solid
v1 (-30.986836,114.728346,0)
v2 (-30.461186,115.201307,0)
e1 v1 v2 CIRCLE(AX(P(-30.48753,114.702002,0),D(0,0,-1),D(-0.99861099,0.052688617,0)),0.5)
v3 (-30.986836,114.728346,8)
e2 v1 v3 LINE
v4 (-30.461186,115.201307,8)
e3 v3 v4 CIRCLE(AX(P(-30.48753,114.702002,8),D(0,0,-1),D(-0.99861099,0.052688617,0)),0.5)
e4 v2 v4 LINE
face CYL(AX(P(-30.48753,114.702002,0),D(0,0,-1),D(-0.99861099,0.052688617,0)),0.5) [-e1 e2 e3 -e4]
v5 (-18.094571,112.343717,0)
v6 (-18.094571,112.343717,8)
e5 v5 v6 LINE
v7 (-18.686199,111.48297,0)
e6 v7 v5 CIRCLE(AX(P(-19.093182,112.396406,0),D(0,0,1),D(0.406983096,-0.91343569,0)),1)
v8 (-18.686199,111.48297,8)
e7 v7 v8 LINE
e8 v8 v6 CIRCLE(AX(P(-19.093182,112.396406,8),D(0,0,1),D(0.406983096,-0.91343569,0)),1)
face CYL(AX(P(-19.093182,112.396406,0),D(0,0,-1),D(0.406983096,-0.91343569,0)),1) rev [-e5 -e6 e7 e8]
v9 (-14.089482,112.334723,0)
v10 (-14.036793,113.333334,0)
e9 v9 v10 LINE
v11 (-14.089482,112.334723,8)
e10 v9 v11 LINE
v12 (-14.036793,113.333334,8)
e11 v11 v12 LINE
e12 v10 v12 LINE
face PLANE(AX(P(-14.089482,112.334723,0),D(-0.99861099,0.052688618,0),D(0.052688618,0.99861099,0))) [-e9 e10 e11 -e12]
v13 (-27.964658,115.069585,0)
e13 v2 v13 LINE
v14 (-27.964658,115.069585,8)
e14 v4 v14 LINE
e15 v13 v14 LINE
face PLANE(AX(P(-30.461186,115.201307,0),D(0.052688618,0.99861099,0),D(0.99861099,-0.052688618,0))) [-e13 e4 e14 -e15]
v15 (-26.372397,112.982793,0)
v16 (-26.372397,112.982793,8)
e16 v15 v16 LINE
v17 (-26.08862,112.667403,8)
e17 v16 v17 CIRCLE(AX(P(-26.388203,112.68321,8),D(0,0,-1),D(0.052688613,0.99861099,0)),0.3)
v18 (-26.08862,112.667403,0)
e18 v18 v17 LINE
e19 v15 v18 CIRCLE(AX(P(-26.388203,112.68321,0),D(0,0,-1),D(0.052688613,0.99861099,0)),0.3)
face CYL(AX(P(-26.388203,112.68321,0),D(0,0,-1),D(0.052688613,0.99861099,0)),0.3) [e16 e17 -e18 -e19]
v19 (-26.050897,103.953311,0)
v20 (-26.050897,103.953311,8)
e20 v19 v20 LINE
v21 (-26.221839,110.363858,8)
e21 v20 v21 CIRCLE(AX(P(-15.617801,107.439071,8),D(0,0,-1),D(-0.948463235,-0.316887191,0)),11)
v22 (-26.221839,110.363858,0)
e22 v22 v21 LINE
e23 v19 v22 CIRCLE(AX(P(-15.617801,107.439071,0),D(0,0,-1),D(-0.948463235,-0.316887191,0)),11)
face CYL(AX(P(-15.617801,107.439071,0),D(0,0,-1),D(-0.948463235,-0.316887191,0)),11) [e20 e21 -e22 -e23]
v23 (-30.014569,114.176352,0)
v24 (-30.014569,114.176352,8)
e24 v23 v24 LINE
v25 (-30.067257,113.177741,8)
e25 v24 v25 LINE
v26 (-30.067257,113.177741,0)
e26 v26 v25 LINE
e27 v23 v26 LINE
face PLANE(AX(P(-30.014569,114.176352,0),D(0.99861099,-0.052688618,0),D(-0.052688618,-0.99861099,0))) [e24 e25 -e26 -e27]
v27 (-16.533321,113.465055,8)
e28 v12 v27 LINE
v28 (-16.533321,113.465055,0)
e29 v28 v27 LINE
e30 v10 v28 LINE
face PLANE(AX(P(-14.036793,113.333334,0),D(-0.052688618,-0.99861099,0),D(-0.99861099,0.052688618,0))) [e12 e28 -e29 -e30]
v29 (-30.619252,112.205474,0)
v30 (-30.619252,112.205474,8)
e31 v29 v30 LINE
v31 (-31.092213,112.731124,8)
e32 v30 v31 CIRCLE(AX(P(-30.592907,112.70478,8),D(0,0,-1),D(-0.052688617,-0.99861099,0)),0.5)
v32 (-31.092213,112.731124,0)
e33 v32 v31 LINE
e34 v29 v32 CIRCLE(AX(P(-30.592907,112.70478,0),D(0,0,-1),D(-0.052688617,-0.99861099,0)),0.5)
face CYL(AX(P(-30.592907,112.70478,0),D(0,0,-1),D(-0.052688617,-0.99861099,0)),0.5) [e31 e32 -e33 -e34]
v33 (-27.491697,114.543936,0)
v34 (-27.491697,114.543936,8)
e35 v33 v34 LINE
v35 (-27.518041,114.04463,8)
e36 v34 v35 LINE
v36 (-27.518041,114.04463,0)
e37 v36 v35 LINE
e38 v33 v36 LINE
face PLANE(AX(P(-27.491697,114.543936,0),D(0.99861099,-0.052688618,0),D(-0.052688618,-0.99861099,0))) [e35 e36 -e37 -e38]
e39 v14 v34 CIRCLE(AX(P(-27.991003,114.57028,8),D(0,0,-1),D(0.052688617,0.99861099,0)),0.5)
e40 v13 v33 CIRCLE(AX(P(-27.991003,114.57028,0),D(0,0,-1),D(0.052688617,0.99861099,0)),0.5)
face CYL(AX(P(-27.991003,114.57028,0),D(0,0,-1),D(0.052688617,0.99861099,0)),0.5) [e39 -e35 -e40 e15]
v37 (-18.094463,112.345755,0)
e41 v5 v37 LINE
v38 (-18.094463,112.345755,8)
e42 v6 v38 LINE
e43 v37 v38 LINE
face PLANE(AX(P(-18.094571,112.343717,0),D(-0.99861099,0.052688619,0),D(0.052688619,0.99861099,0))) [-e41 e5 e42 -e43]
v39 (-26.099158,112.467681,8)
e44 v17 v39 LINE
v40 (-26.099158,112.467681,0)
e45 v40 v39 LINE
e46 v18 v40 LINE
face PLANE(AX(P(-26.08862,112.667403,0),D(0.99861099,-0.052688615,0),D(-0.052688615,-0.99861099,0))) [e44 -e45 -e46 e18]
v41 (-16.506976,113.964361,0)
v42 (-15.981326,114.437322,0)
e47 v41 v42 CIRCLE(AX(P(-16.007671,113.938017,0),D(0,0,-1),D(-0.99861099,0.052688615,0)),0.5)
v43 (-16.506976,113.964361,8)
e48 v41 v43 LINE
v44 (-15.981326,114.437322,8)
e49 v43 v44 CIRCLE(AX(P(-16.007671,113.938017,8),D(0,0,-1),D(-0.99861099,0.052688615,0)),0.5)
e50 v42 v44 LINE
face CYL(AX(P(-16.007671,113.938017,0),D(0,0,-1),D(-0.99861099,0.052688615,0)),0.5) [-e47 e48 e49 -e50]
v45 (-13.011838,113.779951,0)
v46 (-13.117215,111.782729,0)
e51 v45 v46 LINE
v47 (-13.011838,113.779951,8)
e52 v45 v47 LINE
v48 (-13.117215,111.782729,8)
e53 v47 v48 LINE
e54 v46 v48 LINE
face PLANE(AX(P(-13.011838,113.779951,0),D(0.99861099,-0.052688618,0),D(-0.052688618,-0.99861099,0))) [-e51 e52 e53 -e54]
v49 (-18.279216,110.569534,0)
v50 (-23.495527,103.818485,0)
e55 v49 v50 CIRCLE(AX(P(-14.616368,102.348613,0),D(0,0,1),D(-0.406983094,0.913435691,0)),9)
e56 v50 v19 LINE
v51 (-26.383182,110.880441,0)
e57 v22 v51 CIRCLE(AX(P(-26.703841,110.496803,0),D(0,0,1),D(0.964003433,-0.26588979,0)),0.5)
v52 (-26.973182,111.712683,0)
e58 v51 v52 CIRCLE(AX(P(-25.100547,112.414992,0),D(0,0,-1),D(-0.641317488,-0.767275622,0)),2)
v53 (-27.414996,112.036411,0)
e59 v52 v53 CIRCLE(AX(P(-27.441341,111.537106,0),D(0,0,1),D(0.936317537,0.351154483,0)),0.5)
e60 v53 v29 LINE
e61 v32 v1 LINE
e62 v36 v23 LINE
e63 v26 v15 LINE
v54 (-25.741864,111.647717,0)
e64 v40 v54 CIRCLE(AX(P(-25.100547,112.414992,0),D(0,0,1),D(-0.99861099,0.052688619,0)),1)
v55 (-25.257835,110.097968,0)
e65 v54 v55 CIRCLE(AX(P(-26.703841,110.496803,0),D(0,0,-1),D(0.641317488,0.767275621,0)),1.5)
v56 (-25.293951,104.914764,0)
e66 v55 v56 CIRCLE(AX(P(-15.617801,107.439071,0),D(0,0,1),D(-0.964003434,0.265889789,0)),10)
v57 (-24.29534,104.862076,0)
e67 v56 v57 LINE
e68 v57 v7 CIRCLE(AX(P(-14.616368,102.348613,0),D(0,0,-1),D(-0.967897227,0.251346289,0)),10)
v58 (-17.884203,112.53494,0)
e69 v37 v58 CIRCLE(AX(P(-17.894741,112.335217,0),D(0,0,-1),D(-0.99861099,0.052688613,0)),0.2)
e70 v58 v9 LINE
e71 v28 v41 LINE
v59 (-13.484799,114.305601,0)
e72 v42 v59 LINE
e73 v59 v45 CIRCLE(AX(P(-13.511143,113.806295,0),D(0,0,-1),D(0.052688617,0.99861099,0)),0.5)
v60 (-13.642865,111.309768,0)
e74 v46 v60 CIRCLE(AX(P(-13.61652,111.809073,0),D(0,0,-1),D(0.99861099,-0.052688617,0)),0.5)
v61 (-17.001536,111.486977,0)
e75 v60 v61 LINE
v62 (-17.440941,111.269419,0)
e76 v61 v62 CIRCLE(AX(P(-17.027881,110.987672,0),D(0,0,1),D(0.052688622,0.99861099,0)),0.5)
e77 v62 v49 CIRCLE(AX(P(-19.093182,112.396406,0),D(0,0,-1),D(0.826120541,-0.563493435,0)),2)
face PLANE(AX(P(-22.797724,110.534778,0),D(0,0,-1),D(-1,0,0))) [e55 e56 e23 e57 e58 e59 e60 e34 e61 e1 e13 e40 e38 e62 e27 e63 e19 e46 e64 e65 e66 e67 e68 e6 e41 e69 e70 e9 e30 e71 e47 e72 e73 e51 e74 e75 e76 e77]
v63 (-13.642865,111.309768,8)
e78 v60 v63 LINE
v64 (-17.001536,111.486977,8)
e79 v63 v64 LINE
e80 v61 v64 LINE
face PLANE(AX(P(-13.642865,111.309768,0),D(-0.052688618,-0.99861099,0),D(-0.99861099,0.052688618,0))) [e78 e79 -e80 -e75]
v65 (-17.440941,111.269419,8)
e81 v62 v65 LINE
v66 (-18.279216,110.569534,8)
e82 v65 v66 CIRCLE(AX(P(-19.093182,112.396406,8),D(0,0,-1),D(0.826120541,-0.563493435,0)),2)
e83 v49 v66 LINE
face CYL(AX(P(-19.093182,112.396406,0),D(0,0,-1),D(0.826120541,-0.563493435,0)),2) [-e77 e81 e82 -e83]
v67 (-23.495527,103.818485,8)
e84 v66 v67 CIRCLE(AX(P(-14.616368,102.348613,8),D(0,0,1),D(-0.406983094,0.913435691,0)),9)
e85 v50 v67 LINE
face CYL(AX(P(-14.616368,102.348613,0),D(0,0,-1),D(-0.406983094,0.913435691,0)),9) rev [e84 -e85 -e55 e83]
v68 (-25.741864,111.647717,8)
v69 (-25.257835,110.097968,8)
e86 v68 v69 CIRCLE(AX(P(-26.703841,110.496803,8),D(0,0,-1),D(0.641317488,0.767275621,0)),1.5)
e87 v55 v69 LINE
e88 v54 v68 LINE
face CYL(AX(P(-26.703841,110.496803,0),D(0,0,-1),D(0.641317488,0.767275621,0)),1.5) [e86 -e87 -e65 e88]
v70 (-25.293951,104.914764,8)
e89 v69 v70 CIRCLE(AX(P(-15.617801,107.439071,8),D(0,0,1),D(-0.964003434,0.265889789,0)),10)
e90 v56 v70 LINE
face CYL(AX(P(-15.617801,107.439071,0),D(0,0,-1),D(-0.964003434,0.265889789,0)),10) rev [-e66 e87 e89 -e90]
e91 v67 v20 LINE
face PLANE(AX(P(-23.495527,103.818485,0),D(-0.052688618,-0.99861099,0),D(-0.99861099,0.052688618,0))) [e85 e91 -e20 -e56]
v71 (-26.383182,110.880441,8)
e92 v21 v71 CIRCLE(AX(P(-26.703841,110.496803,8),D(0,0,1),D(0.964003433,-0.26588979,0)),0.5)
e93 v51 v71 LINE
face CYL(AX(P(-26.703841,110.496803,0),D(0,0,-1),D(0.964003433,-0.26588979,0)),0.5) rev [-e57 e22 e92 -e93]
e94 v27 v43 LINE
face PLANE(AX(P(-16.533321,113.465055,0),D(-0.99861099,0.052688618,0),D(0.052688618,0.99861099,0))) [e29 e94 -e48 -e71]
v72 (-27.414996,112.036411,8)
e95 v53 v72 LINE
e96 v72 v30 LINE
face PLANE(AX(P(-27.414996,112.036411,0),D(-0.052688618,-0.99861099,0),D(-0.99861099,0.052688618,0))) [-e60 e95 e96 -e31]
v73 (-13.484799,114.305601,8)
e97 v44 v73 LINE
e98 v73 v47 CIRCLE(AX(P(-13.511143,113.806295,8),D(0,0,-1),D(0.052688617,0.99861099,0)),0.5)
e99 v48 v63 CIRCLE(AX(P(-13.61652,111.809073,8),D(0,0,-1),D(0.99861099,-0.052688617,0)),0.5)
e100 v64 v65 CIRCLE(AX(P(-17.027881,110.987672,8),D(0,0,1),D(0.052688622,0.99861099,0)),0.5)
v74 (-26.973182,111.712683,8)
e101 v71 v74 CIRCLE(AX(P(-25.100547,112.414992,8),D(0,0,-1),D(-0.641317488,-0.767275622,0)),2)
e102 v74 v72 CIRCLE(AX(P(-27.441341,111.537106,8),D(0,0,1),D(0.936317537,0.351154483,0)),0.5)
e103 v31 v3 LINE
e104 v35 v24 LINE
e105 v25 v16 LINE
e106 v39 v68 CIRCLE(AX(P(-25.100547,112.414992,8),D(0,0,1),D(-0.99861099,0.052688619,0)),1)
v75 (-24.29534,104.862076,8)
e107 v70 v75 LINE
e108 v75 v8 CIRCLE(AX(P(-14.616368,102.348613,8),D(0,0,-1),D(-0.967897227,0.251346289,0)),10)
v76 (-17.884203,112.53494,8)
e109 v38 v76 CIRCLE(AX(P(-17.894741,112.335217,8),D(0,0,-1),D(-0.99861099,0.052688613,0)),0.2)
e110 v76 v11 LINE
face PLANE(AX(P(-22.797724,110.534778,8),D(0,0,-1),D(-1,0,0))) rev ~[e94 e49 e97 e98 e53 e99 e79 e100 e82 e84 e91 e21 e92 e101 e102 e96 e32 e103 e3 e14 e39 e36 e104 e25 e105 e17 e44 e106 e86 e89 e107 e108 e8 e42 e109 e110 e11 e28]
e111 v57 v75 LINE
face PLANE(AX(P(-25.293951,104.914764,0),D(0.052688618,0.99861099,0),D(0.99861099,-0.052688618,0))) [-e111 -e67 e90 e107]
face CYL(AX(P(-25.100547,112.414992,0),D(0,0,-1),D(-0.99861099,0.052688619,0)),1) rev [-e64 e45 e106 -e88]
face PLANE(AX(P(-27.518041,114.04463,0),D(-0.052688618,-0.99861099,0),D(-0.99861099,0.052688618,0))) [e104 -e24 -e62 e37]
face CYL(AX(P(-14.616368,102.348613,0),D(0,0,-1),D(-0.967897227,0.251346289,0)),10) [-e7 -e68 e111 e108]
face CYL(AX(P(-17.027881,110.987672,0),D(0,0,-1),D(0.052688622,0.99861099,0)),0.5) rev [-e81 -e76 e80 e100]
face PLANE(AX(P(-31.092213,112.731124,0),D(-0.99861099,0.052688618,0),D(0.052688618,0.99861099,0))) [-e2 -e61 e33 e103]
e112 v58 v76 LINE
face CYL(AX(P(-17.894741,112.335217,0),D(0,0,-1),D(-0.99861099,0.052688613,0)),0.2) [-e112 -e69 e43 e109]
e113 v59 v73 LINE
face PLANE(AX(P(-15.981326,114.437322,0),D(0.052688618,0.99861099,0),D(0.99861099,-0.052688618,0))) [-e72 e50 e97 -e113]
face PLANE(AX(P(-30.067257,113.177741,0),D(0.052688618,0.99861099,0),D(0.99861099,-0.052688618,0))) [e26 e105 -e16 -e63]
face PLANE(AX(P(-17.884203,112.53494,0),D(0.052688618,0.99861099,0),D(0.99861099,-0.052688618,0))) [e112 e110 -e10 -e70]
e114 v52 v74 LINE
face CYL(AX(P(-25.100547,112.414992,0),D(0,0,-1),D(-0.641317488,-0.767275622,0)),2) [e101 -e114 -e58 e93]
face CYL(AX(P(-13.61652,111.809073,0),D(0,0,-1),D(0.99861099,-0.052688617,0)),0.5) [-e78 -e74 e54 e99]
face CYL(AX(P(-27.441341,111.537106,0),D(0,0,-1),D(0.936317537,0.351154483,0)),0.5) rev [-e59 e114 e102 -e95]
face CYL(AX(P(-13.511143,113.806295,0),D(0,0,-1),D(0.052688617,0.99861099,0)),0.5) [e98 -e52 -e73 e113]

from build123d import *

# Parameters (mm, degrees)
EXTRUSION1_DEPTH = 8


with BuildPart() as part:
    # Esquisse1 → Extrusion1 (new body)
    with BuildSketch(Plane.XY):
        with BuildLine():
            Line((-30.067257497, 113.177740746), (-26.372396833, 112.98279286))
            ThreePointArc((-26.372396833, 112.98279286), (-26.165189094, 112.883870001), (-26.088620122, 112.667402978))
            Line((-26.088620122, 112.667402978), (-26.099157845, 112.46768078))
            ThreePointArc((-26.099157845, 112.46768078), (-26.017294744, 112.015525883), (-25.741864343, 111.647716541))
            ThreePointArc((-25.741864343, 111.647716541), (-25.272050301, 110.943990552), (-25.257835426, 110.097968424))
            ThreePointArc((-25.257835426, 110.097968424), (-25.617558346, 107.508747112), (-25.293951096, 104.914764474))
            Line((-25.293951096, 104.914764474), (-24.295340106, 104.862075856))
            ThreePointArc((-24.295340106, 104.862075856), (-22.246338792, 108.812632079), (-18.686198774, 111.482969868))
            ThreePointArc((-18.686198774, 111.482969868), (-18.269079288, 111.829964974), (-18.094570878, 112.343716941))
            Line((-18.094570878, 112.343716941), (-18.094463339, 112.345755135))
            ThreePointArc((-18.094463339, 112.345755135), (-18.028514766, 112.483893628), (-17.884203417, 112.534939609))
            Line((-17.884203417, 112.534939609), (-14.089481655, 112.334722862))
            Line((-14.089481655, 112.334722862), (-14.036793037, 113.333333852))
            Line((-14.036793037, 113.333333852), (-16.533320513, 113.465055396))
            Line((-16.533320513, 113.465055396), (-16.506976204, 113.964360891))
            ThreePointArc((-16.506976204, 113.964360891), (-16.342104771, 114.309707124), (-15.9813264, 114.437322078))
            Line((-15.9813264, 114.437322078), (-13.484798924, 114.305600533))
            ThreePointArc((-13.484798924, 114.305600533), (-13.139452692, 114.1407291), (-13.011837738, 113.779950729))
            Line((-13.011837738, 113.779950729), (-13.117214974, 111.782728749))
            ThreePointArc((-13.117214974, 111.782728749), (-13.282086407, 111.437382517), (-13.642864778, 111.309767563))
            Line((-13.642864778, 111.309767563), (-17.001536207, 111.486977464))
            ThreePointArc((-17.001536207, 111.486977464), (-17.249736921, 111.435756488), (-17.440940787, 111.269418687))
            ThreePointArc((-17.440940787, 111.269418687), (-17.811384631, 110.86115449), (-18.27921568, 110.569534177))
            ThreePointArc((-18.27921568, 110.569534177), (-21.738141003, 107.85137108), (-23.495527443, 103.818485275))
            Line((-23.495527443, 103.818485275), (-26.050896674, 103.953311422))
            ThreePointArc((-26.050896674, 103.953311422), (-26.613892326, 107.145851257), (-26.221838859, 110.363858214))
            ThreePointArc((-26.221838859, 110.363858214), (-26.226577151, 110.64586559), (-26.383181832, 110.880440919))
            ThreePointArc((-26.383181832, 110.880440919), (-26.732137821, 111.258311168), (-26.97318193, 111.712683202))
            ThreePointArc((-26.97318193, 111.712683202), (-27.145818586, 111.940425538), (-27.41499639, 112.036411457))
            Line((-27.41499639, 112.036411457), (-30.61925161, 112.205474065))
            ThreePointArc((-30.61925161, 112.205474065), (-30.964597842, 112.370345498), (-31.092212796, 112.731123869))
            Line((-31.092212796, 112.731123869), (-30.98683556, 114.728345849))
            ThreePointArc((-30.98683556, 114.728345849), (-30.821964127, 115.073692081), (-30.461185756, 115.201307035))
            Line((-30.461185756, 115.201307035), (-27.964658281, 115.069585491))
            ThreePointArc((-27.964658281, 115.069585491), (-27.619312049, 114.904714058), (-27.491697095, 114.543935687))
            Line((-27.491697095, 114.543935687), (-27.518041404, 114.044630192))
            Line((-27.518041404, 114.044630192), (-30.014568879, 114.176351736))
            Line((-30.014568879, 114.176351736), (-30.067257497, 113.177740746))
        make_face()
    extrude(amount=EXTRUSION1_DEPTH)


solid = part.part
